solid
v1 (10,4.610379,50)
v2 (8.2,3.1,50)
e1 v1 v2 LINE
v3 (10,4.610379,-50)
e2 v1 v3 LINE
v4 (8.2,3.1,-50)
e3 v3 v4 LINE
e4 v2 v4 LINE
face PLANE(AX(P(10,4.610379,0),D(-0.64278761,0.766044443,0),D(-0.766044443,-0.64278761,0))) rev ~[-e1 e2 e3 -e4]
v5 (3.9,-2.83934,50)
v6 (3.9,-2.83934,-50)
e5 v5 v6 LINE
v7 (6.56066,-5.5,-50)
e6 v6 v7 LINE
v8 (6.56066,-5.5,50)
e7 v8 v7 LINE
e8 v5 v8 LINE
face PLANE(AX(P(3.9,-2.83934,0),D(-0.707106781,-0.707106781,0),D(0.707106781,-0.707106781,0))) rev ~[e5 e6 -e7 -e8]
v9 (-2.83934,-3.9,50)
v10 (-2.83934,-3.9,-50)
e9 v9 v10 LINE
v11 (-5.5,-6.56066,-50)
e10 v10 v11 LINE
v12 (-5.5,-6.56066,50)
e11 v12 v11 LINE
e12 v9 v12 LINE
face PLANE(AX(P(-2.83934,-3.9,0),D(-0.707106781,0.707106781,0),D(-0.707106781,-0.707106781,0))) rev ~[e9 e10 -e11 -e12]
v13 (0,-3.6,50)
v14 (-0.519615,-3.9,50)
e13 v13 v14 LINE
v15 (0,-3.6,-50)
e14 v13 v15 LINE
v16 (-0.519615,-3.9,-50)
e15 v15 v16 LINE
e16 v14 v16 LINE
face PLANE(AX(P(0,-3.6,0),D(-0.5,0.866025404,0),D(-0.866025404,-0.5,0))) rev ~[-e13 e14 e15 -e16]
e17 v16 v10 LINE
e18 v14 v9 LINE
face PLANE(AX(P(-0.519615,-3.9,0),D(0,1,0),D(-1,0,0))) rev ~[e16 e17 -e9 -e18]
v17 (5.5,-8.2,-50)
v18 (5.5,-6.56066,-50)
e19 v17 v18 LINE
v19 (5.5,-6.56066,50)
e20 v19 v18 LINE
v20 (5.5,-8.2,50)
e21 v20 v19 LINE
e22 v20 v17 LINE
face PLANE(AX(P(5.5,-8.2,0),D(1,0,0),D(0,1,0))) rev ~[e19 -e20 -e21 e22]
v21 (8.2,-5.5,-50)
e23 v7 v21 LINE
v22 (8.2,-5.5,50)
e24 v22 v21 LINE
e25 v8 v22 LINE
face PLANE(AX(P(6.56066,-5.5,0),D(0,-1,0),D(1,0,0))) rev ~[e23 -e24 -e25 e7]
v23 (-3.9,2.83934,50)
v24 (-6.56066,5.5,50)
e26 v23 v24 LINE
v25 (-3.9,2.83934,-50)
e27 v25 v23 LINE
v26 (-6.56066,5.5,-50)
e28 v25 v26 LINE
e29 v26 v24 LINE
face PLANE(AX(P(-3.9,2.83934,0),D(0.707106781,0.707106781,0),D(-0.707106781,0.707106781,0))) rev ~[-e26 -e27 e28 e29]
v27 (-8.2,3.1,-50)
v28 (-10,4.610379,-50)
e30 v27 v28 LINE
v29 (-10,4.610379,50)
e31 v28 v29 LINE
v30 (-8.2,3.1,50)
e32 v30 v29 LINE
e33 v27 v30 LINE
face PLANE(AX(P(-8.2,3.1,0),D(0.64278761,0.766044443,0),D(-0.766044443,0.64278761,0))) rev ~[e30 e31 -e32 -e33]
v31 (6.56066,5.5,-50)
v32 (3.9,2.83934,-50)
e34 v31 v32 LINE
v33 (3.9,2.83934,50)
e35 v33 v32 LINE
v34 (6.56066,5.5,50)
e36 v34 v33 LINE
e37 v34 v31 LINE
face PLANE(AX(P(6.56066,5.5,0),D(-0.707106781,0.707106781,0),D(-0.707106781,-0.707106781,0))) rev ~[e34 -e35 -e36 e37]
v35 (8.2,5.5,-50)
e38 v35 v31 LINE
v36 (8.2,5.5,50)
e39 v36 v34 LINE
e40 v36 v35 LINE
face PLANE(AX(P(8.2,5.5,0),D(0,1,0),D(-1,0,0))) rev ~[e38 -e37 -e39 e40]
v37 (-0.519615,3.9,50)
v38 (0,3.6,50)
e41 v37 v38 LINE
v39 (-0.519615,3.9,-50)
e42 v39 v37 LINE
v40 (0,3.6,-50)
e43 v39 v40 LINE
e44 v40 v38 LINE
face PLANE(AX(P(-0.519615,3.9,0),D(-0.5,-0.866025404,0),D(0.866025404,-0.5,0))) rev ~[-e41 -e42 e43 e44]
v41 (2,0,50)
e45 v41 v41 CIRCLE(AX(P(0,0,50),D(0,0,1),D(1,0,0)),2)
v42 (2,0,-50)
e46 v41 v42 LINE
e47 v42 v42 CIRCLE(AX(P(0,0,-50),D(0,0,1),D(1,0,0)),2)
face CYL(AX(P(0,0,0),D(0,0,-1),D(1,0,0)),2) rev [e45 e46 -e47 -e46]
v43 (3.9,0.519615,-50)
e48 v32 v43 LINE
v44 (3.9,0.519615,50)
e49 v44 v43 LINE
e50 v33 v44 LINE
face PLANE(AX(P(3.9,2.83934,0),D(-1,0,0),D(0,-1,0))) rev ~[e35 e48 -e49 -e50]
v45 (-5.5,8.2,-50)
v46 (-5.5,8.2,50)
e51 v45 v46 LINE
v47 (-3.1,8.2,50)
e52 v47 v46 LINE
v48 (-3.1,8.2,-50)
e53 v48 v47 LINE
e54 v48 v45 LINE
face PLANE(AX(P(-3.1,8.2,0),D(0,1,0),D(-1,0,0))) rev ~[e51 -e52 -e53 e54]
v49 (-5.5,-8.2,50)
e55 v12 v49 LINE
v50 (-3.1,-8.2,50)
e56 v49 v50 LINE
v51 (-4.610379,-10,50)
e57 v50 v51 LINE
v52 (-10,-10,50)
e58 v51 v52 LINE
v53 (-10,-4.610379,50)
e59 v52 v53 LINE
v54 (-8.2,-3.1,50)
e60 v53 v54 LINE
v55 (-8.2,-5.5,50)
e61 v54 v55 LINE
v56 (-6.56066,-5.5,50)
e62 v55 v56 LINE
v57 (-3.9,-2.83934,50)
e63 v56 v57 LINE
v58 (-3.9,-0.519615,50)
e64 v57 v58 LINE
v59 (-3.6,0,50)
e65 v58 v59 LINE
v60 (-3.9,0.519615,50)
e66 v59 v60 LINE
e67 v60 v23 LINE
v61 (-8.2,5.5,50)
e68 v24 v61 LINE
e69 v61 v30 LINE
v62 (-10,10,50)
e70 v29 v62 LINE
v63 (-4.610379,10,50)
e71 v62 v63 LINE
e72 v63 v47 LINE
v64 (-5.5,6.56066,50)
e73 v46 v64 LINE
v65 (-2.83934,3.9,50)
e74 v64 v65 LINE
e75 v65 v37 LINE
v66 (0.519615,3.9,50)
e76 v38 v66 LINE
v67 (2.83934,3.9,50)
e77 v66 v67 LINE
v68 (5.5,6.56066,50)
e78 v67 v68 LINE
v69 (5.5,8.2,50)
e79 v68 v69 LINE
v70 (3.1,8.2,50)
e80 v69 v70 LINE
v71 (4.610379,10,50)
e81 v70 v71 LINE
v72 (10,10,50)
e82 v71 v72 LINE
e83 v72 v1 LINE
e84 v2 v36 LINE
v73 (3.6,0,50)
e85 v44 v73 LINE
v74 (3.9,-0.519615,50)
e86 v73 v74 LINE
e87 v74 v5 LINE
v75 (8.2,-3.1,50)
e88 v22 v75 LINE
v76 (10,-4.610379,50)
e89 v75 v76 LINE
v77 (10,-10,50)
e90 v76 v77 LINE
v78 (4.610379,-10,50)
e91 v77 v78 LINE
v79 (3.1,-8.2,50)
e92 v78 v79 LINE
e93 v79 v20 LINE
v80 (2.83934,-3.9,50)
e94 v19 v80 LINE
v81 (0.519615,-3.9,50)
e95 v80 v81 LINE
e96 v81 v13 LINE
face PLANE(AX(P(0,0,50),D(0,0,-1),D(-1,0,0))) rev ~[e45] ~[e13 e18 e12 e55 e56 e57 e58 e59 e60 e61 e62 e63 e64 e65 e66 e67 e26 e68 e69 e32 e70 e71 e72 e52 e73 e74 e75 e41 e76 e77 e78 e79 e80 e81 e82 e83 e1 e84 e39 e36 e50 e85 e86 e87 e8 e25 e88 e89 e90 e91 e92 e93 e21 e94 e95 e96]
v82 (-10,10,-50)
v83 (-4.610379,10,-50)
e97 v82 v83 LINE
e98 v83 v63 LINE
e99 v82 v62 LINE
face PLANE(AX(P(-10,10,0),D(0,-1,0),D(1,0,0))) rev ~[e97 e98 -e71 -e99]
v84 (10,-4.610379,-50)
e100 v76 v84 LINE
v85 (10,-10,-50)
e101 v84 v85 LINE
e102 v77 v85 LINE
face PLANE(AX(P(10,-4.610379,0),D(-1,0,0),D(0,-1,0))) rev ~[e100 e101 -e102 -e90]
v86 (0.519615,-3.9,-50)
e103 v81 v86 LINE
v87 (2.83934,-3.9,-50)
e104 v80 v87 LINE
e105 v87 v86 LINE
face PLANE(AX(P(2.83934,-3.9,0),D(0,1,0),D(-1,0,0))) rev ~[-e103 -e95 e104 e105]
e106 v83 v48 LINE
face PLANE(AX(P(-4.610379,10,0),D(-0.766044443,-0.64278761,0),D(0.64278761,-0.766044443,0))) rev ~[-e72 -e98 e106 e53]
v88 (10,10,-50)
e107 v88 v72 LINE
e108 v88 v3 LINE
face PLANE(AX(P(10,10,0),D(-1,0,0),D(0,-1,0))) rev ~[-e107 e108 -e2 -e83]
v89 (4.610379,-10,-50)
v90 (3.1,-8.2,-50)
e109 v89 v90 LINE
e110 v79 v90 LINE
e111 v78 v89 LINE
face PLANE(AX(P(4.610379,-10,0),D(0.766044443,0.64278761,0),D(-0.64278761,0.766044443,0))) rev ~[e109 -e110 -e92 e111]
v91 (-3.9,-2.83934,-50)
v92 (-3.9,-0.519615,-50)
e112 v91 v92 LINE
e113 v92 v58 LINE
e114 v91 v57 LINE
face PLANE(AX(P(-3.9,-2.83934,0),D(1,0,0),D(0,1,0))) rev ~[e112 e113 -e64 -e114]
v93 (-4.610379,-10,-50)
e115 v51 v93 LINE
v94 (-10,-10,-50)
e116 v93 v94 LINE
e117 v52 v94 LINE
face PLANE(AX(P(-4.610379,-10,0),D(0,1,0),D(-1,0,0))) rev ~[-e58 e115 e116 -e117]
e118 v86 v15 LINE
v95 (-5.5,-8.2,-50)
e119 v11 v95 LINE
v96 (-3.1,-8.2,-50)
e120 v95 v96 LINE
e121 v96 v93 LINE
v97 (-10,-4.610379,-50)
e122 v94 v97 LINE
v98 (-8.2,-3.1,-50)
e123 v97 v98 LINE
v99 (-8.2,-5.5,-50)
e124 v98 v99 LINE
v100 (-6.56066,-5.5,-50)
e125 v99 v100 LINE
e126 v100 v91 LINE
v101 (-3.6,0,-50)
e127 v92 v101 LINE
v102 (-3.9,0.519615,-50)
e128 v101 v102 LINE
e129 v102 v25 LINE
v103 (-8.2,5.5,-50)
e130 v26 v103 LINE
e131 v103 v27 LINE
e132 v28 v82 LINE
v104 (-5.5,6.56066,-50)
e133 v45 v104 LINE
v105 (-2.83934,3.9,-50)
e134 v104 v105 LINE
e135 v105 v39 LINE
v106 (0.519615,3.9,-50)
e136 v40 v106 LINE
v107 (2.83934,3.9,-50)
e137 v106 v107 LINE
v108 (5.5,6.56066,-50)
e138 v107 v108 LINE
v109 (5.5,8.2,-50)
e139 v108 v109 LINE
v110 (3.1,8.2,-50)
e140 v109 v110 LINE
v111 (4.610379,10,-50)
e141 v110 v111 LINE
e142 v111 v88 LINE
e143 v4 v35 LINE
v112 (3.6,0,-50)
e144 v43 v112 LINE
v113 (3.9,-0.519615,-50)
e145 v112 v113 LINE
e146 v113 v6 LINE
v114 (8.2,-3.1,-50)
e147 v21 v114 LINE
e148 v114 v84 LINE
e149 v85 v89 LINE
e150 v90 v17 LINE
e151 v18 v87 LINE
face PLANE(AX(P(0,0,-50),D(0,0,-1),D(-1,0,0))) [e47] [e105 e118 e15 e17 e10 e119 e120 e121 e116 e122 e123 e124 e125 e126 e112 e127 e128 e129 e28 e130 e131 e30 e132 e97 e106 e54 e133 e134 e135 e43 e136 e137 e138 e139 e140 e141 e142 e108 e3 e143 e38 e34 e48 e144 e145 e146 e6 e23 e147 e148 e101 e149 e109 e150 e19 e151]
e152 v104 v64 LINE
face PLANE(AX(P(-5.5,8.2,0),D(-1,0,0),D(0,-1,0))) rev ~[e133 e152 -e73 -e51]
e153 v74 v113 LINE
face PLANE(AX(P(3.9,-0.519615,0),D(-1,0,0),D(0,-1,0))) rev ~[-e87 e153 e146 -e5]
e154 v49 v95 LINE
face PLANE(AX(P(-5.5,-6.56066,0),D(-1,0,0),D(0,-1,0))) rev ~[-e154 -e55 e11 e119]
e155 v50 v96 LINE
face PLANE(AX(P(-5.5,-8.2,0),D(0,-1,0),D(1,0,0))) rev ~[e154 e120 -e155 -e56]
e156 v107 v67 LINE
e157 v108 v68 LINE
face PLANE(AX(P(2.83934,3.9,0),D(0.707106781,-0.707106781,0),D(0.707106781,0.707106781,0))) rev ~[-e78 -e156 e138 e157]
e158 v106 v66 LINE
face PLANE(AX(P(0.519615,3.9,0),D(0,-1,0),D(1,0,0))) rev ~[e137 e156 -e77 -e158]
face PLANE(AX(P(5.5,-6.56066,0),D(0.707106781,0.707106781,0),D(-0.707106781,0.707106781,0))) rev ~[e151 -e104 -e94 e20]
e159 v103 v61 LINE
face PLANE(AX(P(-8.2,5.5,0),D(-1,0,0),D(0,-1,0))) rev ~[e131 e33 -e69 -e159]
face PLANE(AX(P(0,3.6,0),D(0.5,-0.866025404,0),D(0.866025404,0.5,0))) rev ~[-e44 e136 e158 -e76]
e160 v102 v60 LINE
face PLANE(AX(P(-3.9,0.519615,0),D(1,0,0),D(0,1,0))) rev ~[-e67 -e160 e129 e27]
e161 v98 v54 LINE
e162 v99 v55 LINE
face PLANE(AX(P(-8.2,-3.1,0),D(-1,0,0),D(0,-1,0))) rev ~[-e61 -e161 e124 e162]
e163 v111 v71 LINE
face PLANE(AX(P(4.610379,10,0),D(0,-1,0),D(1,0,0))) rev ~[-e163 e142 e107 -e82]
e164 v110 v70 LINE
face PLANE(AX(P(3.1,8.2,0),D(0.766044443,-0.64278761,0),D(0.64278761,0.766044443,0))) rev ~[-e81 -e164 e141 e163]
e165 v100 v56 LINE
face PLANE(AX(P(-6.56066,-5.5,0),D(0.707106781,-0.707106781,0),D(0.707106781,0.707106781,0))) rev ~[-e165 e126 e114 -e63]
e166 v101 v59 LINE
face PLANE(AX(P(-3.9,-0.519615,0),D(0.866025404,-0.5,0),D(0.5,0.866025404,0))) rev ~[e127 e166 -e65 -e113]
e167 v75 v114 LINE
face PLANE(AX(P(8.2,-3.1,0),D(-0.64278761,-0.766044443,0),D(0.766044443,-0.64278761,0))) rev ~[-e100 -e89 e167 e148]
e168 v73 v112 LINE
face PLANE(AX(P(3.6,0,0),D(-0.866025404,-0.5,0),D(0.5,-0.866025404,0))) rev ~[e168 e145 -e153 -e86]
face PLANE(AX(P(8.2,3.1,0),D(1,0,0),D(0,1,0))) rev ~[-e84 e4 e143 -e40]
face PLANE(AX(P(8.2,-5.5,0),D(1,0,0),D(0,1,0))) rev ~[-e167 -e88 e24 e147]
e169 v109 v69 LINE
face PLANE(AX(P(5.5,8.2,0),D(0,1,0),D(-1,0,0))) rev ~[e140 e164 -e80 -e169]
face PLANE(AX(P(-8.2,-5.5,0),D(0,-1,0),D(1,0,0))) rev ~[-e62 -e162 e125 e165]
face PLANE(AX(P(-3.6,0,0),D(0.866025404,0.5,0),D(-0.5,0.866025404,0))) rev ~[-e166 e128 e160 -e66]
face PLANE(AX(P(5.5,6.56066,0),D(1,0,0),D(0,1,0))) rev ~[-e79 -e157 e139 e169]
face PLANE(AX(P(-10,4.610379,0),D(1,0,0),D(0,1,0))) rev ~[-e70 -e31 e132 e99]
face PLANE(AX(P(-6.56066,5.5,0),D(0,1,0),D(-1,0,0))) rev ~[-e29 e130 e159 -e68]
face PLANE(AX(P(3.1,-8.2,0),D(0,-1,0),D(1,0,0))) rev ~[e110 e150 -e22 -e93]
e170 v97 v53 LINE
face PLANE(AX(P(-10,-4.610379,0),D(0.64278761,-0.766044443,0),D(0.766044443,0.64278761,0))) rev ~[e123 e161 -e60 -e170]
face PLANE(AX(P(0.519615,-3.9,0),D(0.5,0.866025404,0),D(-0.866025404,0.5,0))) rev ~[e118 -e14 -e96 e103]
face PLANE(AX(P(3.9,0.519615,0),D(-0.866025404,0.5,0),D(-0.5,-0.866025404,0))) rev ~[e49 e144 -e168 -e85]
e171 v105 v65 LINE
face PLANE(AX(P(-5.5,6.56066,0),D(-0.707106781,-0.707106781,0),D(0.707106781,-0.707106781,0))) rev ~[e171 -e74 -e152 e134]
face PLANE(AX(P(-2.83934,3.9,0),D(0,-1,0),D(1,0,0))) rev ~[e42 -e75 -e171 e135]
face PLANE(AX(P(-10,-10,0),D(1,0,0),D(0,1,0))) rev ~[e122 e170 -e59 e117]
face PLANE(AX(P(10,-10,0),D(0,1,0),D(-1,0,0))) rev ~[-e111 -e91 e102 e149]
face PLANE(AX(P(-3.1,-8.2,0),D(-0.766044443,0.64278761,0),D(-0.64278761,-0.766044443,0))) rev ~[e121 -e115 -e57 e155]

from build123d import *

# Parameters (mm, degrees)
SKETCH1_R           = 2
BOSS_EXTRUDE1_DEPTH = 50


with BuildPart() as part:
    # Sketch1 → Boss-Extrude1 (new, symmetric)
    with BuildSketch(Plane.XY):
        Polygon((10, 10), (10, 4.610379336), (8.2, 3.1), (8.2, 5.5), (6.560660172, 5.5), (3.9, 2.839339828), (3.9, 0.519615242), (3.6, 0), (3.9, -0.519615242), (3.9, -2.839339828), (6.560660172, -5.5), (8.2, -5.5), (8.2, -3.1), (10, -4.610379336), (10, -10), (4.610379336, -10), (3.1, -8.2), (5.5, -8.2), (5.5, -6.560660172), (2.839339828, -3.9), (0.519615242, -3.9), (0, -3.6), (-0.519615242, -3.9), (-2.839339828, -3.9), (-5.5, -6.560660172), (-5.5, -8.2), (-3.1, -8.2), (-4.610379336, -10), (-10, -10), (-10, -4.610379336), (-8.2, -3.1), (-8.2, -5.5), (-6.560660172, -5.5), (-3.9, -2.839339828), (-3.9, -0.519615242), (-3.6, 0), (-3.9, 0.519615242), (-3.9, 2.839339828), (-6.560660172, 5.5), (-8.2, 5.5), (-8.2, 3.1), (-10, 4.610379336), (-10, 10), (-4.610379336, 10), (-3.1, 8.2), (-5.5, 8.2), (-5.5, 6.560660172), (-2.839339828, 3.9), (-0.519615242, 3.9), (0, 3.6), (0.519615242, 3.9), (2.839339828, 3.9), (5.5, 6.560660172), (5.5, 8.2), (3.1, 8.2), (4.610379336, 10), align=None)
        Circle(SKETCH1_R, mode=Mode.SUBTRACT)
    extrude(amount=BOSS_EXTRUDE1_DEPTH, both=True)


solid = part.part
